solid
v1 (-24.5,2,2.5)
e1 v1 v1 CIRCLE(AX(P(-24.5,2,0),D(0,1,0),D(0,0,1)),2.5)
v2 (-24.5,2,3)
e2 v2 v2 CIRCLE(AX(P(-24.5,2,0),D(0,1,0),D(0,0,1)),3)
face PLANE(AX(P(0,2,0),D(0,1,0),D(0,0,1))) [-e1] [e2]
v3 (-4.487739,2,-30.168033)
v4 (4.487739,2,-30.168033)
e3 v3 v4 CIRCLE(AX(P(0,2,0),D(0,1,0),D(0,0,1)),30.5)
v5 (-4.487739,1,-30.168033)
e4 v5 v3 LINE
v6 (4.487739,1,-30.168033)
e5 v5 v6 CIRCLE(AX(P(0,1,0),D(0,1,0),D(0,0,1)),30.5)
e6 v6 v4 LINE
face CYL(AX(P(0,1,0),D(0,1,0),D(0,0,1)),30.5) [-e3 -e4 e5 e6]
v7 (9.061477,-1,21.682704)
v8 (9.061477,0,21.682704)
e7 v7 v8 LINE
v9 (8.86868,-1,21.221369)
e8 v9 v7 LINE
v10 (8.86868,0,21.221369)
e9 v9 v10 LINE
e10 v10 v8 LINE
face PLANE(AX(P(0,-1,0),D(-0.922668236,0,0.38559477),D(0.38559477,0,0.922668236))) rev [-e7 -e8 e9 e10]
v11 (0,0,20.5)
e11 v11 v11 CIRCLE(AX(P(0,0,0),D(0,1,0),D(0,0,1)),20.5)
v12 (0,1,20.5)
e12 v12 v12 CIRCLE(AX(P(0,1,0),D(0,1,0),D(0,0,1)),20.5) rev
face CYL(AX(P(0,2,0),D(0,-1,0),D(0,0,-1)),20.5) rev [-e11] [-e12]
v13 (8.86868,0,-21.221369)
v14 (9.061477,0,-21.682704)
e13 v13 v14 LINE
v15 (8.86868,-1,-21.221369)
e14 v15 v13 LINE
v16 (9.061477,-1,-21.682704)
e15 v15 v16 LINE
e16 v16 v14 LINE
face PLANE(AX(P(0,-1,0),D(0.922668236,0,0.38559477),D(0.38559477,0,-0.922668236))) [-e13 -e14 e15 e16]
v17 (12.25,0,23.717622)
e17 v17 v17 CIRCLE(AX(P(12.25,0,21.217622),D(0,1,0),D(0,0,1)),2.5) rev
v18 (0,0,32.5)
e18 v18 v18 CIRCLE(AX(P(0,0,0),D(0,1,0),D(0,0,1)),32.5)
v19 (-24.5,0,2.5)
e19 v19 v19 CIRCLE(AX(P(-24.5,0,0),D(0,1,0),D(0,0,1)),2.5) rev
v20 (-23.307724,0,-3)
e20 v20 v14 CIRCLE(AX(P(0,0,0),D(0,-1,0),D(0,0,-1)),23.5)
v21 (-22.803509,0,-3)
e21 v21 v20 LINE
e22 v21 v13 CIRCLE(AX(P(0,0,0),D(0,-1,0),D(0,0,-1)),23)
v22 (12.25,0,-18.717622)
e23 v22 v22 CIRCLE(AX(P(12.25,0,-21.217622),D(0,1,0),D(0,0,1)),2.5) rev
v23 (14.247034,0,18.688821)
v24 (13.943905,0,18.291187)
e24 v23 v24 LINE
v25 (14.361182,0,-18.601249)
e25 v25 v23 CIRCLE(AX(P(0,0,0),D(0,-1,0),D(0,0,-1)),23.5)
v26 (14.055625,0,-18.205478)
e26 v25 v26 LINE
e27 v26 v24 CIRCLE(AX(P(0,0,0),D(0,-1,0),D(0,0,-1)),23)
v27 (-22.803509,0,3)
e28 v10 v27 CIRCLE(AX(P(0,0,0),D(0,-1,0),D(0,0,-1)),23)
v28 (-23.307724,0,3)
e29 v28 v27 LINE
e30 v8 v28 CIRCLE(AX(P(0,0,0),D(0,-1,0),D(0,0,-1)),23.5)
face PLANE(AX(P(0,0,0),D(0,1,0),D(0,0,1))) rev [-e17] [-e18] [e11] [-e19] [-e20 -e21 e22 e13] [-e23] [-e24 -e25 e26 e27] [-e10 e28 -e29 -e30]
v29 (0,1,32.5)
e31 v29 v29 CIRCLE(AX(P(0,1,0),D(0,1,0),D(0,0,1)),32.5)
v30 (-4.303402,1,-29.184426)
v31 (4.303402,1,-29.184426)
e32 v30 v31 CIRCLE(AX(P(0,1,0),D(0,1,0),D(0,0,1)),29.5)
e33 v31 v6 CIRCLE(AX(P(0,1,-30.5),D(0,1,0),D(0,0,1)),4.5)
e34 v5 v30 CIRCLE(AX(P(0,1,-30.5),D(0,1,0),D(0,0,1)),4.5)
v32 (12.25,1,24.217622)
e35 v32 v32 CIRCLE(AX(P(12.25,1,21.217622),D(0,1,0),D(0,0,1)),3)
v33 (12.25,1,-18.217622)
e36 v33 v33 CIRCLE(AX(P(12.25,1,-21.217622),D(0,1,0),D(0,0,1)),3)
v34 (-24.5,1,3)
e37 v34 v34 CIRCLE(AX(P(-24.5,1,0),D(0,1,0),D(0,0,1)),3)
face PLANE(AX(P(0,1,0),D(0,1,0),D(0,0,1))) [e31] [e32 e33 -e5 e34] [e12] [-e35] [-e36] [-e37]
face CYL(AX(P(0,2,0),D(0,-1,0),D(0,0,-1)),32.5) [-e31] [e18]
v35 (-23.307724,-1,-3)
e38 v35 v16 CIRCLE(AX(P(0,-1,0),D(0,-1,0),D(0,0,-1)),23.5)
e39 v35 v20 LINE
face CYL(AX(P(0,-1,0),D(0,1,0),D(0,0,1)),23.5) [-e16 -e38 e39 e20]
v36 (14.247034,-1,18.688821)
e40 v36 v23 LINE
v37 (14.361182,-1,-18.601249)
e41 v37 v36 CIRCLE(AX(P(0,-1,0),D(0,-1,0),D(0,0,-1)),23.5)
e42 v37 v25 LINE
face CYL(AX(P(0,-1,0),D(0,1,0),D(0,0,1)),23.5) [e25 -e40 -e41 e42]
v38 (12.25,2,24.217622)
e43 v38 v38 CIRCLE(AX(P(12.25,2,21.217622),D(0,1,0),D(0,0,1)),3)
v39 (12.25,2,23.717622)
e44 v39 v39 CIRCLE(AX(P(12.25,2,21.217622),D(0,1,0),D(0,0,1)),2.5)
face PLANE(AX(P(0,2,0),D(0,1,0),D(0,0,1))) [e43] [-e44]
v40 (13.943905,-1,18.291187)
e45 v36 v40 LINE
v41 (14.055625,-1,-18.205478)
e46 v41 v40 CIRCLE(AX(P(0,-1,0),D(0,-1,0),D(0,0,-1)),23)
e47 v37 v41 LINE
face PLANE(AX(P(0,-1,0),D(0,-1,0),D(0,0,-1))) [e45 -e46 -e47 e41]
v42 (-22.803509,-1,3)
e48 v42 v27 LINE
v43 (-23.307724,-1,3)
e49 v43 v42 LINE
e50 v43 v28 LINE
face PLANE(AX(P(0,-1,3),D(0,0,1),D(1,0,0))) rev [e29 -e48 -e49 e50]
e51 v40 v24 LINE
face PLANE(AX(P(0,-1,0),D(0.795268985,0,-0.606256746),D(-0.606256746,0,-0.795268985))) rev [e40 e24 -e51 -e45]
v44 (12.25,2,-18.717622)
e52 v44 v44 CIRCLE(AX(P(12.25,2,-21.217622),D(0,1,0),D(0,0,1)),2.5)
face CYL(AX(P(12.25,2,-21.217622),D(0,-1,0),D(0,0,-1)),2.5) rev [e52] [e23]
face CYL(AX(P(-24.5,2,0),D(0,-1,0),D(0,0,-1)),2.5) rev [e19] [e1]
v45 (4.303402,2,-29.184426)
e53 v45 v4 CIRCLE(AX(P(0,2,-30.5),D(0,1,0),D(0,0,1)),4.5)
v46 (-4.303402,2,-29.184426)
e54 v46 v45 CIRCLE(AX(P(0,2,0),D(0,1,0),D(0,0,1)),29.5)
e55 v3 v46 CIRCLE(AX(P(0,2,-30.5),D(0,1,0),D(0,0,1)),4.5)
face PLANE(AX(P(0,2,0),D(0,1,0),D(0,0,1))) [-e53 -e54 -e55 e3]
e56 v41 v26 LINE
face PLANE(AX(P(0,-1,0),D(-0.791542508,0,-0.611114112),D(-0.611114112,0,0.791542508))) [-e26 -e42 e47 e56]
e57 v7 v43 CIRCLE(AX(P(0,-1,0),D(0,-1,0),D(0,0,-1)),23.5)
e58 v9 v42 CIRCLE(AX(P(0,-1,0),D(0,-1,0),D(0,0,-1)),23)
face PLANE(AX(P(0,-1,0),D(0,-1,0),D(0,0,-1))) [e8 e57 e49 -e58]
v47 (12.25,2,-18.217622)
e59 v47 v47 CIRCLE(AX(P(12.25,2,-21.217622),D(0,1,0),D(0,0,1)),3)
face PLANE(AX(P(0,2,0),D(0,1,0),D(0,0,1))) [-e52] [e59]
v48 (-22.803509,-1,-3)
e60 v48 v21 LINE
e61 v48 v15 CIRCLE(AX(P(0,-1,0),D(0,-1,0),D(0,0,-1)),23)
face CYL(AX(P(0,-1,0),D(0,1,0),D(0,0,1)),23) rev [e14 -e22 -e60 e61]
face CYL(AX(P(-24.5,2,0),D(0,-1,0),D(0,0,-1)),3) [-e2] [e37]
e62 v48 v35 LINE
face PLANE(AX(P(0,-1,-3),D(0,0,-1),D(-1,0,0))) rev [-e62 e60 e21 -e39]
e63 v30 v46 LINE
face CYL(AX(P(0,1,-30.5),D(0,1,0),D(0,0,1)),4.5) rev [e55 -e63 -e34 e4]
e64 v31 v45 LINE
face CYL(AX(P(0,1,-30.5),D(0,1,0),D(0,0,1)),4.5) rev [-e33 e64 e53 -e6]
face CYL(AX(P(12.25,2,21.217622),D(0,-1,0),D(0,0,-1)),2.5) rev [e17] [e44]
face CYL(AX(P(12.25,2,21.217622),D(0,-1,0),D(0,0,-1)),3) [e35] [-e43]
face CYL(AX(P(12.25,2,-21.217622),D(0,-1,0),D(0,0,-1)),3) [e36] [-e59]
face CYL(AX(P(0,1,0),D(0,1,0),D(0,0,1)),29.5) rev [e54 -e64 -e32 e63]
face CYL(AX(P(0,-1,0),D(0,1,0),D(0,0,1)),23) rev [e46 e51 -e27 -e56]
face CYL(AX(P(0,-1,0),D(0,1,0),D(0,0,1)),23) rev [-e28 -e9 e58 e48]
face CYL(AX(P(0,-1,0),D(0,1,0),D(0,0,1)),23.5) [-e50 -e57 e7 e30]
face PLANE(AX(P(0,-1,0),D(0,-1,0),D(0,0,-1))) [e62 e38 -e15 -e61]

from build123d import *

# Parameters (mm, degrees)
CROQUIS1_R                 = 32.5
CROQUIS1_R_2               = 20.5
SALIENTE_EXTRUIR1_DEPTH    = 2
CORTAR_EXTRUIR1_START      = -1
CROQUIS2_R                 = 32.5
CROQUIS2_R_2               = 20.5
CORTAR_EXTRUIR1_DEPTH      = 1
CROQUIS3_R                 = 3
CROQUIS3_R_2               = 2.5
SALIENTE_EXTRUIR2_DEPTH    = 1
CORTAR_EXTRUIR2_DEPTH      = 29
CORTAR_EXTRUIR2_DEPTH_BACK = 25
CROQUIS6_R                 = 2.5
SALIENTE_EXTRUIR3_DEPTH    = 1


with BuildPart() as part:
    # Croquis1 → Saliente-Extruir1 (new body)
    with BuildSketch(Plane(origin=(0, 0, 0), x_dir=(1, 0, 0), z_dir=(0, 1, 0))):
        Circle(CROQUIS1_R)
        Circle(CROQUIS1_R_2, mode=Mode.SUBTRACT)
    extrude(amount=SALIENTE_EXTRUIR1_DEPTH)

    # Croquis2 → Cortar-Extruir1 (cut)
    with BuildSketch(Plane(origin=(0, 2, 0), x_dir=(1, 0, 0), z_dir=(0, 1, 0)).offset(CORTAR_EXTRUIR1_START)):
        Circle(CROQUIS2_R)
        with BuildLine():
            ThreePointArc((4.487738603, 30.168032787), (0, -30.5), (-4.487738603, 30.168032787))
            ThreePointArc((-4.487738603, 30.168032787), (-4.42299753, 29.671089358), (-4.303401638, 29.18442623))
            ThreePointArc((-4.303401638, 29.18442623), (0, -29.5), (4.303401638, 29.18442623))
            ThreePointArc((4.303401638, 29.18442623), (4.42299753, 29.671089358), (4.487738603, 30.168032787))
        make_face(mode=Mode.SUBTRACT)
        Circle(CROQUIS2_R_2, mode=Mode.SUBTRACT)
    extrude(amount=CORTAR_EXTRUIR1_DEPTH, mode=Mode.SUBTRACT)

    # Croquis3 → Saliente-Extruir2 (add)
    # profile 1 of 3: a face of its own
    with BuildSketch(Plane(origin=(0, 1, 0), x_dir=(1, 0, 0), z_dir=(0, 1, 0))):
        with Locations((-24.5, 0)):
            Circle(CROQUIS3_R)
        with Locations((-24.5, 0)):
            Circle(CROQUIS3_R_2, mode=Mode.SUBTRACT)
    # profile 2 of 3: a face of its own
    with BuildSketch(Plane(origin=(0, 1, 0), x_dir=(1, 0, 0), z_dir=(0, 1, 0))):
        with Locations((12.25, 21.217622393)):
            Circle(CROQUIS3_R)
        with Locations((12.25, 21.217622393)):
            Circle(CROQUIS3_R_2, mode=Mode.SUBTRACT)
    # profile 3 of 3: a face of its own
    with BuildSketch(Plane(origin=(0, 1, 0), x_dir=(1, 0, 0), z_dir=(0, 1, 0))):
        with Locations((12.25, -21.217622393)):
            Circle(CROQUIS3_R)
        with Locations((12.25, -21.217622393)):
            Circle(CROQUIS3_R_2, mode=Mode.SUBTRACT)
    extrude(amount=SALIENTE_EXTRUIR2_DEPTH)

    # Croquis6 → Cortar-Extruir2 (cut, two sides: drawn at the far end of the back side and taken through both)
    with BuildSketch(Plane(origin=(0, 1, 0), x_dir=(1, 0, 0), z_dir=(0, 1, 0)).offset(-CORTAR_EXTRUIR2_DEPTH_BACK)):
        with Locations((-24.5, 0)):
            Circle(CROQUIS6_R)
        with Locations((12.25, -21.217622393)):
            Circle(CROQUIS6_R)
        with Locations((12.25, 21.217622393)):
            Circle(CROQUIS6_R)
    extrude(amount=CORTAR_EXTRUIR2_DEPTH + CORTAR_EXTRUIR2_DEPTH_BACK, mode=Mode.SUBTRACT)

    # Croquis7 → Saliente-Extruir3 (add)
    with BuildSketch(Plane.XZ):
        with BuildLine():
            ThreePointArc((9.061477105, 21.682703537), (-11.747329093, 20.353138804), (-23.307724042, 3))
            Line((-23.307724042, 3), (-22.803508502, 3))
            ThreePointArc((-22.803508502, 3), (-11.469500389, 19.936162139), (8.86867972, 21.221369419))
            Line((8.86867972, 21.221369419), (9.061477105, 21.682703537))
        make_face()
        with BuildLine():
            Line((-22.803508502, -3), (-23.307724042, -3))
            ThreePointArc((-23.307724042, -3), (-11.747329093, -20.353138804), (9.061477105, -21.682703537))
            Line((9.061477105, -21.682703537), (8.86867972, -21.221369419))
            ThreePointArc((8.86867972, -21.221369419), (-11.469500389, -19.936162139), (-22.803508502, -3))
        make_face()
        with BuildLine():
            ThreePointArc((14.36118164, -18.601248934), (23.4998899, 0.071935181), (14.247033533, 18.688821137))
            Line((14.247033533, 18.688821137), (13.94390516, 18.291186645))
            ThreePointArc((13.94390516, 18.291186645), (22.999892243, 0.070404645), (14.055624583, -18.20547768))
            Line((14.055624583, -18.20547768), (14.36118164, -18.601248934))
        make_face()
    extrude(amount=SALIENTE_EXTRUIR3_DEPTH)


solid = part.part
